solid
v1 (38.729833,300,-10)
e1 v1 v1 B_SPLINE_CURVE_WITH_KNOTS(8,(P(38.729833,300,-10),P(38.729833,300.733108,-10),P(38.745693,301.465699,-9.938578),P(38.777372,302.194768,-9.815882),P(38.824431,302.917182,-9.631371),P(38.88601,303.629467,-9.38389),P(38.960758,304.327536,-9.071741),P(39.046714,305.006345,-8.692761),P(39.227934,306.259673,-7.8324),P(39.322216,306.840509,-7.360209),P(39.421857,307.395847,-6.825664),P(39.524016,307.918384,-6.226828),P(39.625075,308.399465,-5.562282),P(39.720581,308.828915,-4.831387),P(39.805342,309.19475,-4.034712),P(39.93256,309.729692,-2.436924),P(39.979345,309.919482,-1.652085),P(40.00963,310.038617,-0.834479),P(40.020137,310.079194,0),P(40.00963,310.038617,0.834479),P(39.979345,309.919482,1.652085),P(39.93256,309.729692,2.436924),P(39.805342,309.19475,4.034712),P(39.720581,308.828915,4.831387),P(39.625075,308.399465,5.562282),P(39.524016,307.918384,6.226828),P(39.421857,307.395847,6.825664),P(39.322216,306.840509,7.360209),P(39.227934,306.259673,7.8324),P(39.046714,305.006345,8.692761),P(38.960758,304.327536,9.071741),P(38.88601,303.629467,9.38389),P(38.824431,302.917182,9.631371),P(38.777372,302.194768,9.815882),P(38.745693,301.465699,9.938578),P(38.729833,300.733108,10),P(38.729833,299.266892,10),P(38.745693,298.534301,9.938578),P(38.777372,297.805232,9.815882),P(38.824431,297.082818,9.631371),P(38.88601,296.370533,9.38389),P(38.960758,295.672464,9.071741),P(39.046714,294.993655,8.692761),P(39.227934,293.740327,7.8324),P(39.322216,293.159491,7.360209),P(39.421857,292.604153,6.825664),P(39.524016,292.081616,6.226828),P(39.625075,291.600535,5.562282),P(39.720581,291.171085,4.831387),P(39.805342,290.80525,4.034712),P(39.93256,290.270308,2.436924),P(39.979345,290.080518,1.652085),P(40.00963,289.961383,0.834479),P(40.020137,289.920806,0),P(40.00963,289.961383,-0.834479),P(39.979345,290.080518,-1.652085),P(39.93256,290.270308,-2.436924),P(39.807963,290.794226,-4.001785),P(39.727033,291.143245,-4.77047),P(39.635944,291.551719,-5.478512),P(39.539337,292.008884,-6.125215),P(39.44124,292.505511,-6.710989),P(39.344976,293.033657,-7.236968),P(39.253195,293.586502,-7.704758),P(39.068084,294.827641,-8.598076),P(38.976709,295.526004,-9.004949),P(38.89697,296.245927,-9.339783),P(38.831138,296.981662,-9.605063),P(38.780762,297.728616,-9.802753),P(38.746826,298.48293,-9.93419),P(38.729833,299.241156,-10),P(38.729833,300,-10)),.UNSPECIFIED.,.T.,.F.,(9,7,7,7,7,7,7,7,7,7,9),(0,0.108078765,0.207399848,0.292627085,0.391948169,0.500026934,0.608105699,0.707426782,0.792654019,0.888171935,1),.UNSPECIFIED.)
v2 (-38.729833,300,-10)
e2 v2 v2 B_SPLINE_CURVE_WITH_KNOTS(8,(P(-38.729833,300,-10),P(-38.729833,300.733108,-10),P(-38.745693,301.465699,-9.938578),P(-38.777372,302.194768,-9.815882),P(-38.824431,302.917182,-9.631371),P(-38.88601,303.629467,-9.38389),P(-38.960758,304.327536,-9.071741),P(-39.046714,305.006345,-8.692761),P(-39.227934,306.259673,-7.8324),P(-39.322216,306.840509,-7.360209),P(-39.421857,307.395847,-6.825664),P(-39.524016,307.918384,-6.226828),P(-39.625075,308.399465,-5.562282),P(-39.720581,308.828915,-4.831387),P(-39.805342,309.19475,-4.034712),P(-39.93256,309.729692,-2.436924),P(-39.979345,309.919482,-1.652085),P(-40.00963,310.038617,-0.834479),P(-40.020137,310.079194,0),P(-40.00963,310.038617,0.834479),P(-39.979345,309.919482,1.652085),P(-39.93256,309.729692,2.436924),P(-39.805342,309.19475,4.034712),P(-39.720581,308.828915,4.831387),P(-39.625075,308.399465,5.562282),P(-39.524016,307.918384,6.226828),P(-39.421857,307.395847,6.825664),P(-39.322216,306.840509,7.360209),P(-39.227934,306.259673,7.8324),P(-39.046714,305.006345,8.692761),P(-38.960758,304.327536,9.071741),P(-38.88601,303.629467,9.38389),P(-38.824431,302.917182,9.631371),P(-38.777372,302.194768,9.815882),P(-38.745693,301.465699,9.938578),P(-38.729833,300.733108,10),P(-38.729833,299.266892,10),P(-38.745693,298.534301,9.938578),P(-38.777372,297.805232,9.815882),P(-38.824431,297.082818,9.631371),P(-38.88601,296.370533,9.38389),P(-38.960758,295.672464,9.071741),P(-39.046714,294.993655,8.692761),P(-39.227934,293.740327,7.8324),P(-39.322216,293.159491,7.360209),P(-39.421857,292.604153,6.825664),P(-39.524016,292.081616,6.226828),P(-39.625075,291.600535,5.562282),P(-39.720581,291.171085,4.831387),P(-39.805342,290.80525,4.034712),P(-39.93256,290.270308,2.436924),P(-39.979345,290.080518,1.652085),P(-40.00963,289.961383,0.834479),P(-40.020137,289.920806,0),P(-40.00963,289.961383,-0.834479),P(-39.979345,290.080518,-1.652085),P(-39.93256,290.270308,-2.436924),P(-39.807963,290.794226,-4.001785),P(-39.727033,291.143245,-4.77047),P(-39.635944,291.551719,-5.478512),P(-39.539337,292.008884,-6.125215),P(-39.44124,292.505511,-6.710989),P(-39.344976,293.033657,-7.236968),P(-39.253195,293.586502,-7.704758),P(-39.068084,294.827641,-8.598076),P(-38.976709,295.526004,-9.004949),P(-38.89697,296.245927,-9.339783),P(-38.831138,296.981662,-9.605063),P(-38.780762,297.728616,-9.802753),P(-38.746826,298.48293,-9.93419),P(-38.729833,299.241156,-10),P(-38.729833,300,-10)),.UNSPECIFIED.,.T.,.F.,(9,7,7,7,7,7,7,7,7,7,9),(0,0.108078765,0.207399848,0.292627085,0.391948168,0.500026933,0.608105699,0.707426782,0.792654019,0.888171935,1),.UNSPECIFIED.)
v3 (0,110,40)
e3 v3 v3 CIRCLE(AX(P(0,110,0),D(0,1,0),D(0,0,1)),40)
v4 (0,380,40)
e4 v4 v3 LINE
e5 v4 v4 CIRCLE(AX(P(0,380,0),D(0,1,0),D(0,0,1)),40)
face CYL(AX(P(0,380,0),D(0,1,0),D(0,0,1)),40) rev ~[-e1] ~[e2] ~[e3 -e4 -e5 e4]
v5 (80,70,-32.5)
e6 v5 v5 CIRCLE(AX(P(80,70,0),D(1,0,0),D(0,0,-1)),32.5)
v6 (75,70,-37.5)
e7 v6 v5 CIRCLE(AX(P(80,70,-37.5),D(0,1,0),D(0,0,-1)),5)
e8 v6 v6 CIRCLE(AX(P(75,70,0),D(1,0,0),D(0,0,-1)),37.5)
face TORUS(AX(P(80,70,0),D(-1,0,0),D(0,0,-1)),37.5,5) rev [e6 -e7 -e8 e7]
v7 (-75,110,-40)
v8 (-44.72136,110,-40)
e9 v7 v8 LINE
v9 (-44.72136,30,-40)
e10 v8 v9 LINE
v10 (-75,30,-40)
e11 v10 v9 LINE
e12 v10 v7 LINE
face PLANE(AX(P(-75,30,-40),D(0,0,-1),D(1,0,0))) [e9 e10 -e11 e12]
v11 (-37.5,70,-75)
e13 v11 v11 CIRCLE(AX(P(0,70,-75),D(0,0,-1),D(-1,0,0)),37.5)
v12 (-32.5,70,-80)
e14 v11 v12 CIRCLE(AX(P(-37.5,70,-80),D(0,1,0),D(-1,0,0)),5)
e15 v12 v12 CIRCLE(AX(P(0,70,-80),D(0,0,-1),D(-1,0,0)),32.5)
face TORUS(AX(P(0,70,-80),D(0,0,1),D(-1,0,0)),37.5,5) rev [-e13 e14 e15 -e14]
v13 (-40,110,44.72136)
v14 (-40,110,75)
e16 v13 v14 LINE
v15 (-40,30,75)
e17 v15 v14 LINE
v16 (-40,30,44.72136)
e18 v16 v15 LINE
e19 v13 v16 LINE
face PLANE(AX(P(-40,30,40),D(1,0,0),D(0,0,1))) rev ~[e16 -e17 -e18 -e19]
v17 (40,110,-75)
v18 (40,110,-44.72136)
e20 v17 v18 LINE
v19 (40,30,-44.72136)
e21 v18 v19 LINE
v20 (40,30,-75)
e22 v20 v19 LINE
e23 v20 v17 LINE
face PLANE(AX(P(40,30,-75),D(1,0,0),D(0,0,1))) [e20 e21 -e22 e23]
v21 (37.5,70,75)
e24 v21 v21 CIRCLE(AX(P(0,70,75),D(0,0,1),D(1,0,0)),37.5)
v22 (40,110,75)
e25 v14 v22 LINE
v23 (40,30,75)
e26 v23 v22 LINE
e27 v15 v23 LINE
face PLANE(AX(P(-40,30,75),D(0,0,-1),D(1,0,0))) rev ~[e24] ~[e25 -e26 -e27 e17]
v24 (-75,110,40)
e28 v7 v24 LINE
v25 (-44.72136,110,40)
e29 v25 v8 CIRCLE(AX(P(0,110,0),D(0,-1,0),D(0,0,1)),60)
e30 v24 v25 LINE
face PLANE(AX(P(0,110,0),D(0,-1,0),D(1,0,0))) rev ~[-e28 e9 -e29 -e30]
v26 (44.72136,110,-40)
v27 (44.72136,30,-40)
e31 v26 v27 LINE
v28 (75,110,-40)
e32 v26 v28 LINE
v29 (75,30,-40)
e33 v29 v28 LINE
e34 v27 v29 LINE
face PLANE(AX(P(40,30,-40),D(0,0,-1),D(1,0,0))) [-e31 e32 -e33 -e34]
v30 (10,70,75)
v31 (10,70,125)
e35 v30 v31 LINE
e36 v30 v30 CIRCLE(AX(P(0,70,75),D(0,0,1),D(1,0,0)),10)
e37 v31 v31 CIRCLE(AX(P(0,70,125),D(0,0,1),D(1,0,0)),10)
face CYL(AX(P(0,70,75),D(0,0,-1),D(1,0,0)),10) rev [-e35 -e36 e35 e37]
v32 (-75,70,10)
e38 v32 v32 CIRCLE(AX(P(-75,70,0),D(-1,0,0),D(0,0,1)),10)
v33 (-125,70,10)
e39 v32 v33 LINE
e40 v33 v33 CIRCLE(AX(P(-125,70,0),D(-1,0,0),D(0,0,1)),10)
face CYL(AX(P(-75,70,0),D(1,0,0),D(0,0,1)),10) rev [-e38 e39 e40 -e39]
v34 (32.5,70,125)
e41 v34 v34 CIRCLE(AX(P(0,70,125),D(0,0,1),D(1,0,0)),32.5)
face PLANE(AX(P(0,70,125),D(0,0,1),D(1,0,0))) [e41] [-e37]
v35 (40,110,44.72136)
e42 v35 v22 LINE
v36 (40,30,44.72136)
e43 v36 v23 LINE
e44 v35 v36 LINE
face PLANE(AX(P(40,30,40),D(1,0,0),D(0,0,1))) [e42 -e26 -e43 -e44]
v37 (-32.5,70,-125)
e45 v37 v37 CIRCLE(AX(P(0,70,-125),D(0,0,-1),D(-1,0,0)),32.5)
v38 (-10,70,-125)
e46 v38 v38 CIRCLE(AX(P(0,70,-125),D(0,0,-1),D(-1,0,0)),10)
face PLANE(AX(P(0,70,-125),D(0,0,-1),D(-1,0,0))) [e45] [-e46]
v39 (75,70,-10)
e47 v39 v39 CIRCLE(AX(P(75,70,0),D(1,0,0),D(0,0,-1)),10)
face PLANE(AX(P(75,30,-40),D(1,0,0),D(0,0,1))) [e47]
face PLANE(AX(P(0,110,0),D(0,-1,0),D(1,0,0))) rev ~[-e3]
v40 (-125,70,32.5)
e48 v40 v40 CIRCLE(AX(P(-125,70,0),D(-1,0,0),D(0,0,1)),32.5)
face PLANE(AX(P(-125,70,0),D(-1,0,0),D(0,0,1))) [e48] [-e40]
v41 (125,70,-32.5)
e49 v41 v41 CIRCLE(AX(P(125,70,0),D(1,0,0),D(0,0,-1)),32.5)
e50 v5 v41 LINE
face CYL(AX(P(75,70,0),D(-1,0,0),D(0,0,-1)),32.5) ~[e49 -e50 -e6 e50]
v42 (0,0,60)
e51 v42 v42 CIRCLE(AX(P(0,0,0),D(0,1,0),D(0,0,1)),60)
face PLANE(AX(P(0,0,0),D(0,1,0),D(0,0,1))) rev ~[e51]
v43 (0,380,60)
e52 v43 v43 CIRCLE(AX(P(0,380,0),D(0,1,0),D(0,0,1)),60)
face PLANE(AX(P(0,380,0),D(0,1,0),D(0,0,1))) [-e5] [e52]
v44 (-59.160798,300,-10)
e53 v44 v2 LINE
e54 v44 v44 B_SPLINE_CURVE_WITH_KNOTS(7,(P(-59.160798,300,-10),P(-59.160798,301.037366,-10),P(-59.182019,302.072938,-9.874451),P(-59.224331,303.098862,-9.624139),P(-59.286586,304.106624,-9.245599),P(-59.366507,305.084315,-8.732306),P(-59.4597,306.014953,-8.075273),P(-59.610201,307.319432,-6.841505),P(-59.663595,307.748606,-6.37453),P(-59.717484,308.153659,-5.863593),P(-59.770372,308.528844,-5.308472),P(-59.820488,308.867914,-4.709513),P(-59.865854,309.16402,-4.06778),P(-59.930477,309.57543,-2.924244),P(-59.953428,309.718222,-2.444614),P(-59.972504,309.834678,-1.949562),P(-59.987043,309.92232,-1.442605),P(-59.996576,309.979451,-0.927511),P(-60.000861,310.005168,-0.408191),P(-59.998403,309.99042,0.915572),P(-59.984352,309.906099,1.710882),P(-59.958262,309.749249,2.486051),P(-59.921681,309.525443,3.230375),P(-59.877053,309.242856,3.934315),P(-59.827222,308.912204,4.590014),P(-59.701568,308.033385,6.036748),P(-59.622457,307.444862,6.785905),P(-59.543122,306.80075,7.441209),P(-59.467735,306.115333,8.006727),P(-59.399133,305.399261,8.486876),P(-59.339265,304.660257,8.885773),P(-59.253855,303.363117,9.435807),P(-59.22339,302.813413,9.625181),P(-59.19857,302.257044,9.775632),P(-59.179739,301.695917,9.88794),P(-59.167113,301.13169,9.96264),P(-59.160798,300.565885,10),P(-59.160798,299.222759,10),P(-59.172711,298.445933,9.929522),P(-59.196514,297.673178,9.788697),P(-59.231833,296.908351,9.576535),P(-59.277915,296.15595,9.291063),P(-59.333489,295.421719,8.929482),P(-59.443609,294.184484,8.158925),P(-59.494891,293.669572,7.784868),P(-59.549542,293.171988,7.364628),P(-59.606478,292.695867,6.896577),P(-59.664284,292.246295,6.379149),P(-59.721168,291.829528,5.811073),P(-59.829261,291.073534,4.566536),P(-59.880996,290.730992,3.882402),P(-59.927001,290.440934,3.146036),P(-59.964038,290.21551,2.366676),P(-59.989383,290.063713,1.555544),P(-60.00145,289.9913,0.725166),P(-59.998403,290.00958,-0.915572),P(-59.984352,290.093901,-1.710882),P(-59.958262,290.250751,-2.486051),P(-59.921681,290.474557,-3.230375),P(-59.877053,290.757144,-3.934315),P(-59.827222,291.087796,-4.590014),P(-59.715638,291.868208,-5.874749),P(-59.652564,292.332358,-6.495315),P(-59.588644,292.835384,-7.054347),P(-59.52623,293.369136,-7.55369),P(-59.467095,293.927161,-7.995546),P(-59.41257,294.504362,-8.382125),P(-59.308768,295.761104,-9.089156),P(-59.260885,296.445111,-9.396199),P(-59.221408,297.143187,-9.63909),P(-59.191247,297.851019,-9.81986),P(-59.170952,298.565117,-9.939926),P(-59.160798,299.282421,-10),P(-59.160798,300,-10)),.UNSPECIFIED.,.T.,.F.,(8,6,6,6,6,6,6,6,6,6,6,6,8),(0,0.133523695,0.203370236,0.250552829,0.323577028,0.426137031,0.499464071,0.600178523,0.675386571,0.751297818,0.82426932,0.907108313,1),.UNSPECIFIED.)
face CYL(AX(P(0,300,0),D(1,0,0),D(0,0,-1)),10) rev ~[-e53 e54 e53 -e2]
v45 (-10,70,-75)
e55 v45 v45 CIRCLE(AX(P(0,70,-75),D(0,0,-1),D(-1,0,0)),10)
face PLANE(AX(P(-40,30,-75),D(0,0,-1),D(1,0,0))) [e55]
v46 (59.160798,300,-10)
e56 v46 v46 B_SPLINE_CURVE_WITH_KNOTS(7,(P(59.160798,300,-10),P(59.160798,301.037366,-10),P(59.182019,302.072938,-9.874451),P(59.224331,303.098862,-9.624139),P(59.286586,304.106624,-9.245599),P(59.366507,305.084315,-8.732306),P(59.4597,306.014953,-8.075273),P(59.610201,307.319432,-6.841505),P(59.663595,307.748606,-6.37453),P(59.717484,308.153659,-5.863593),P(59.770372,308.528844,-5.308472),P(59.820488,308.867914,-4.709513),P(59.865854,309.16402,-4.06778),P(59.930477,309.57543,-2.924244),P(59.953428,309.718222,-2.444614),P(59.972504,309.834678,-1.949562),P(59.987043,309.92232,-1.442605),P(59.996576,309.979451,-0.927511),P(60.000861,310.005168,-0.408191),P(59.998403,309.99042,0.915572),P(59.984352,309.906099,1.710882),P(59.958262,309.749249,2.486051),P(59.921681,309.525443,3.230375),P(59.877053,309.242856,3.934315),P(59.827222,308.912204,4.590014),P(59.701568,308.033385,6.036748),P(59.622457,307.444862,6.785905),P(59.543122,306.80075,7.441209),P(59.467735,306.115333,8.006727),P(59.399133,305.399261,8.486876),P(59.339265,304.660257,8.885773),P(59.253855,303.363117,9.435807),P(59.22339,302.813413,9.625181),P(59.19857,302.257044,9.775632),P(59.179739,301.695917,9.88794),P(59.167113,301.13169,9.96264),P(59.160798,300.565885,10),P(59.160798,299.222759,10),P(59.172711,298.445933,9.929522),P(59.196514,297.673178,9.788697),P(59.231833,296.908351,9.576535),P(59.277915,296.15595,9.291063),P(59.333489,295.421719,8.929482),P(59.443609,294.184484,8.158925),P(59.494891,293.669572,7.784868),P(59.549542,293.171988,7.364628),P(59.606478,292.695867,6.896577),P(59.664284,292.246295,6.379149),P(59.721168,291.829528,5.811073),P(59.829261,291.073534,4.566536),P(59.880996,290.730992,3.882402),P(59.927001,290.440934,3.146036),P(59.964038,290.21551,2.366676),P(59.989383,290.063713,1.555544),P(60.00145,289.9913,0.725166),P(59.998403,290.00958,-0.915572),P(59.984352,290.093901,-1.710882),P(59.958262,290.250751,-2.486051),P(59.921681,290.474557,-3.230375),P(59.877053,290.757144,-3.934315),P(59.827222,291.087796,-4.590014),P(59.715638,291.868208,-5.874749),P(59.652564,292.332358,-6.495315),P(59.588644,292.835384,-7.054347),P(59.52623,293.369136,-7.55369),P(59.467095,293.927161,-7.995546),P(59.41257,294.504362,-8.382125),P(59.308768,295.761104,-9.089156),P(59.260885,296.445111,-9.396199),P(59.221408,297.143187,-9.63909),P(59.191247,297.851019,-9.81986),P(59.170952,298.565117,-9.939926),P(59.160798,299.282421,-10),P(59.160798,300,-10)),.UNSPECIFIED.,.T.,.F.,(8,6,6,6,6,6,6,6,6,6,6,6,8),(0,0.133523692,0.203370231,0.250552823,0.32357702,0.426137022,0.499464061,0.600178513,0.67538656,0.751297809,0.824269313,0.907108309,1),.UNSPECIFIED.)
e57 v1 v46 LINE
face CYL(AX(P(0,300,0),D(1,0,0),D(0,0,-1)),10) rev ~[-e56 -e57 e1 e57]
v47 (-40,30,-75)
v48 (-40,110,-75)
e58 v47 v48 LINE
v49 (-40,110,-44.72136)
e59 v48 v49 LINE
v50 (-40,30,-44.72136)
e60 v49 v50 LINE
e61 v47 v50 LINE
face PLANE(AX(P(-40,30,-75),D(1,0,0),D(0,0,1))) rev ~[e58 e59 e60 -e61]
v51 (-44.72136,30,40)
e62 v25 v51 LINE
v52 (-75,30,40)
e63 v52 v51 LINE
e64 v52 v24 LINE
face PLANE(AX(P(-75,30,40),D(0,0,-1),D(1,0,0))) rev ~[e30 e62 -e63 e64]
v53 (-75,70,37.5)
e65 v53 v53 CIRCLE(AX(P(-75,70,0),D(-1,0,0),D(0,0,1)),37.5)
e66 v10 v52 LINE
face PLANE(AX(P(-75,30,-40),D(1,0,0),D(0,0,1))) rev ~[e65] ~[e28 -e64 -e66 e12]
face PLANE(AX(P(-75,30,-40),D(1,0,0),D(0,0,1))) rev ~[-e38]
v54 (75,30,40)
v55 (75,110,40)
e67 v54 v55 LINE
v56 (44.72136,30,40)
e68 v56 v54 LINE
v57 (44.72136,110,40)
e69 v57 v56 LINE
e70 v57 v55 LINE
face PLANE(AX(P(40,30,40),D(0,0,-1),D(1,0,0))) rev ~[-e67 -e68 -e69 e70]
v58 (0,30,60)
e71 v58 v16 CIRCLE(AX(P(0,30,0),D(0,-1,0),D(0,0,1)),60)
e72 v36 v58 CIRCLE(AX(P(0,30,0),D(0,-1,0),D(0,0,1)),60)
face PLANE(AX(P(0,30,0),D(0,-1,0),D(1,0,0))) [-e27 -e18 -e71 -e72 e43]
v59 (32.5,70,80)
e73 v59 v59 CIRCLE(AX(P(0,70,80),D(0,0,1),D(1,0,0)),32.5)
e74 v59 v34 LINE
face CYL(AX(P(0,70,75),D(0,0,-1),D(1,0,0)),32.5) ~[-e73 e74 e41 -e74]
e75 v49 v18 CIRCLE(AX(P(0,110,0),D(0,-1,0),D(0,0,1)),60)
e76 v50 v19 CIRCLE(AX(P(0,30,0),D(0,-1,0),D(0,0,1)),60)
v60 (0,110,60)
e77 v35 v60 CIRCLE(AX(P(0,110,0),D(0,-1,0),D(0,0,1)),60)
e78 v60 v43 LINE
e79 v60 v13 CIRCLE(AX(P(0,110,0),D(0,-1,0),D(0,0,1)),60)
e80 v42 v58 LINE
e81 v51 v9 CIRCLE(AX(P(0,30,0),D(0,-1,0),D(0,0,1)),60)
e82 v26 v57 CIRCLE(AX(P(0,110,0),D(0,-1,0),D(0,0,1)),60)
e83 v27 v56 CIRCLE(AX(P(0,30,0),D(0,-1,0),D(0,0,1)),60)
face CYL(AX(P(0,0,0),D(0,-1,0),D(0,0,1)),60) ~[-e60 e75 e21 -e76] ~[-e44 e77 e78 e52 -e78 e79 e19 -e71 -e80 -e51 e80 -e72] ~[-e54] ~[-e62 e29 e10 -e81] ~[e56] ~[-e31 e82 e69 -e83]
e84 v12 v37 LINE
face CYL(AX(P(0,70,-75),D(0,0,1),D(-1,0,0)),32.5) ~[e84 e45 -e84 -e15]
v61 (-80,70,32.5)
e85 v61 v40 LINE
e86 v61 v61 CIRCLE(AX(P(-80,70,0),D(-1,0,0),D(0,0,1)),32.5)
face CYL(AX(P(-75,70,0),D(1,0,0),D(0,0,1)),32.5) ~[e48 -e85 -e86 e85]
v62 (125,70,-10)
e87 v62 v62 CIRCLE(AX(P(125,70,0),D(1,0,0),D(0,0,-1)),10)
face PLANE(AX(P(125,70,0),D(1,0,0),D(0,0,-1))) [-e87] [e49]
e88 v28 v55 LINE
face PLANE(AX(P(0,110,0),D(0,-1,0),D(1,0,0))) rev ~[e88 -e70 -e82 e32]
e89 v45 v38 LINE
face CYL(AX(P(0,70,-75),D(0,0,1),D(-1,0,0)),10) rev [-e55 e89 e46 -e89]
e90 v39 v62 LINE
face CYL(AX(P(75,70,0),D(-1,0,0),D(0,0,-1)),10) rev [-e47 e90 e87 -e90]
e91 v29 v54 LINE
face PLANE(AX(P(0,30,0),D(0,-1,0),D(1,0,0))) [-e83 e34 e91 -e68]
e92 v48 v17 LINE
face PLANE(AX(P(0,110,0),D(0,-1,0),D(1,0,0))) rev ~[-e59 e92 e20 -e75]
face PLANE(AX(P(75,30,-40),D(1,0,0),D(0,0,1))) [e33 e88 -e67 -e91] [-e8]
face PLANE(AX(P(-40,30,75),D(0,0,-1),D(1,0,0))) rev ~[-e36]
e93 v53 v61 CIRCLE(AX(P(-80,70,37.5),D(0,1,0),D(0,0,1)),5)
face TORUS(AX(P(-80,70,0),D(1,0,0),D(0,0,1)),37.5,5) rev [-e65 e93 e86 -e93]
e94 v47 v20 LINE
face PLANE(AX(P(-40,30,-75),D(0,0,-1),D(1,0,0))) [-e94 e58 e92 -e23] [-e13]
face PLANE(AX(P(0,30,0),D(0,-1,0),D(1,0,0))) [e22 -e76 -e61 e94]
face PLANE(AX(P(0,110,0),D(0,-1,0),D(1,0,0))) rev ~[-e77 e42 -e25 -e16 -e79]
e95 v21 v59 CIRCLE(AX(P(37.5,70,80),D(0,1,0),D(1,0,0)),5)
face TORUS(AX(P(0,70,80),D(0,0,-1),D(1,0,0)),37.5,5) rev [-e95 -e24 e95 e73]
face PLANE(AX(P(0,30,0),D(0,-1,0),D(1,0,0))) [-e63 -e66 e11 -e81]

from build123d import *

# Parameters (mm, degrees)
SKETCH1_R           = 60
BOSS_EXTRUDE1_DEPTH = 380
SKETCH2_R           = 40
CUT_EXTRUDE1_DEPTH  = 300
SKETCH3_R           = 10
CUT_EXTRUDE2_DEPTH  = 150
BOSS_EXTRUDE2_START = -30
SKETCH4_W           = 150
SKETCH4_H           = 80
SKETCH4_W_2         = 80
SKETCH4_H_2         = 150
BOSS_EXTRUDE2_DEPTH = 80
SKETCH5_R           = 32.5
SKETCH5_R_2         = 10
BOSS_EXTRUDE3_DEPTH = 50
FILLET1_R           = 5
CIRPATTERN2_COUNT   = 4
FILLET2_R           = 5


with BuildPart() as part:
    # Sketch1 → Boss-Extrude1 (new body)
    with BuildSketch(Plane(origin=(0, 0, 0), x_dir=(1, 0, 0), z_dir=(0, 1, 0))):
        with Locations(Location((0, 0, 0), (0, 0, 270))):
            Circle(SKETCH1_R)
    extrude(amount=BOSS_EXTRUDE1_DEPTH)

    # Sketch2 → Cut-Extrude1 (cut)
    with BuildSketch(Plane(origin=(0, 380, 0), x_dir=(1, 0, 0), z_dir=(0, 1, 0))):
        with Locations(Location((0, 0, 0), (0, 0, 270))):
            Circle(SKETCH2_R)
    extrude(amount=-CUT_EXTRUDE1_DEPTH, mode=Mode.SUBTRACT)

    # Sketch3 → Cut-Extrude2 (cut, symmetric)
    with BuildSketch(Plane(origin=(0, 0, 0), x_dir=(0, 0, -1), z_dir=(1, 0, 0))):
        with Locations((0, 300)):
            Circle(SKETCH3_R)
    extrude(amount=CUT_EXTRUDE2_DEPTH, both=True, mode=Mode.SUBTRACT)

    # Sketch4 → Boss-Extrude2 (add)
    with BuildSketch(Plane.XZ.offset(BOSS_EXTRUDE2_START)):
        Rectangle(SKETCH4_W, SKETCH4_H)
        Rectangle(SKETCH4_W_2, SKETCH4_H_2)
    extrude(amount=-BOSS_EXTRUDE2_DEPTH)

    # Sketch5 → Boss-Extrude3 (add)
    with BuildSketch(Plane.ZY.offset(75)):
        with Locations((0, 70)):
            Circle(SKETCH5_R)
        with Locations((0, 70)):
            Circle(SKETCH5_R_2, mode=Mode.SUBTRACT)
    boss_extrude3 = extrude(amount=BOSS_EXTRUDE3_DEPTH)

    # Fillet1
    fillet1_edges = [part.edges().sort_by_distance(p)[0] for p in [
        (-75, 70, -32.5),
    ]]
    fillet(fillet1_edges, radius=FILLET1_R)

    # CirPattern2: Boss-Extrude3 ×4 about axis
    cirpattern2_axis = Axis((0, 0, 0), (0, 1, 0))
    for i in range(1, CIRPATTERN2_COUNT):
        add(boss_extrude3.rotate(cirpattern2_axis, i * 360 / CIRPATTERN2_COUNT))

    # Fillet2
    fillet2_edges = [part.edges().sort_by_distance(p)[0] for p in [
        (-32.5, 70, 75),
        (75, 70, 32.5),
        (32.5, 70, -75),
    ]]
    fillet(fillet2_edges, radius=FILLET2_R)


solid = part.part
